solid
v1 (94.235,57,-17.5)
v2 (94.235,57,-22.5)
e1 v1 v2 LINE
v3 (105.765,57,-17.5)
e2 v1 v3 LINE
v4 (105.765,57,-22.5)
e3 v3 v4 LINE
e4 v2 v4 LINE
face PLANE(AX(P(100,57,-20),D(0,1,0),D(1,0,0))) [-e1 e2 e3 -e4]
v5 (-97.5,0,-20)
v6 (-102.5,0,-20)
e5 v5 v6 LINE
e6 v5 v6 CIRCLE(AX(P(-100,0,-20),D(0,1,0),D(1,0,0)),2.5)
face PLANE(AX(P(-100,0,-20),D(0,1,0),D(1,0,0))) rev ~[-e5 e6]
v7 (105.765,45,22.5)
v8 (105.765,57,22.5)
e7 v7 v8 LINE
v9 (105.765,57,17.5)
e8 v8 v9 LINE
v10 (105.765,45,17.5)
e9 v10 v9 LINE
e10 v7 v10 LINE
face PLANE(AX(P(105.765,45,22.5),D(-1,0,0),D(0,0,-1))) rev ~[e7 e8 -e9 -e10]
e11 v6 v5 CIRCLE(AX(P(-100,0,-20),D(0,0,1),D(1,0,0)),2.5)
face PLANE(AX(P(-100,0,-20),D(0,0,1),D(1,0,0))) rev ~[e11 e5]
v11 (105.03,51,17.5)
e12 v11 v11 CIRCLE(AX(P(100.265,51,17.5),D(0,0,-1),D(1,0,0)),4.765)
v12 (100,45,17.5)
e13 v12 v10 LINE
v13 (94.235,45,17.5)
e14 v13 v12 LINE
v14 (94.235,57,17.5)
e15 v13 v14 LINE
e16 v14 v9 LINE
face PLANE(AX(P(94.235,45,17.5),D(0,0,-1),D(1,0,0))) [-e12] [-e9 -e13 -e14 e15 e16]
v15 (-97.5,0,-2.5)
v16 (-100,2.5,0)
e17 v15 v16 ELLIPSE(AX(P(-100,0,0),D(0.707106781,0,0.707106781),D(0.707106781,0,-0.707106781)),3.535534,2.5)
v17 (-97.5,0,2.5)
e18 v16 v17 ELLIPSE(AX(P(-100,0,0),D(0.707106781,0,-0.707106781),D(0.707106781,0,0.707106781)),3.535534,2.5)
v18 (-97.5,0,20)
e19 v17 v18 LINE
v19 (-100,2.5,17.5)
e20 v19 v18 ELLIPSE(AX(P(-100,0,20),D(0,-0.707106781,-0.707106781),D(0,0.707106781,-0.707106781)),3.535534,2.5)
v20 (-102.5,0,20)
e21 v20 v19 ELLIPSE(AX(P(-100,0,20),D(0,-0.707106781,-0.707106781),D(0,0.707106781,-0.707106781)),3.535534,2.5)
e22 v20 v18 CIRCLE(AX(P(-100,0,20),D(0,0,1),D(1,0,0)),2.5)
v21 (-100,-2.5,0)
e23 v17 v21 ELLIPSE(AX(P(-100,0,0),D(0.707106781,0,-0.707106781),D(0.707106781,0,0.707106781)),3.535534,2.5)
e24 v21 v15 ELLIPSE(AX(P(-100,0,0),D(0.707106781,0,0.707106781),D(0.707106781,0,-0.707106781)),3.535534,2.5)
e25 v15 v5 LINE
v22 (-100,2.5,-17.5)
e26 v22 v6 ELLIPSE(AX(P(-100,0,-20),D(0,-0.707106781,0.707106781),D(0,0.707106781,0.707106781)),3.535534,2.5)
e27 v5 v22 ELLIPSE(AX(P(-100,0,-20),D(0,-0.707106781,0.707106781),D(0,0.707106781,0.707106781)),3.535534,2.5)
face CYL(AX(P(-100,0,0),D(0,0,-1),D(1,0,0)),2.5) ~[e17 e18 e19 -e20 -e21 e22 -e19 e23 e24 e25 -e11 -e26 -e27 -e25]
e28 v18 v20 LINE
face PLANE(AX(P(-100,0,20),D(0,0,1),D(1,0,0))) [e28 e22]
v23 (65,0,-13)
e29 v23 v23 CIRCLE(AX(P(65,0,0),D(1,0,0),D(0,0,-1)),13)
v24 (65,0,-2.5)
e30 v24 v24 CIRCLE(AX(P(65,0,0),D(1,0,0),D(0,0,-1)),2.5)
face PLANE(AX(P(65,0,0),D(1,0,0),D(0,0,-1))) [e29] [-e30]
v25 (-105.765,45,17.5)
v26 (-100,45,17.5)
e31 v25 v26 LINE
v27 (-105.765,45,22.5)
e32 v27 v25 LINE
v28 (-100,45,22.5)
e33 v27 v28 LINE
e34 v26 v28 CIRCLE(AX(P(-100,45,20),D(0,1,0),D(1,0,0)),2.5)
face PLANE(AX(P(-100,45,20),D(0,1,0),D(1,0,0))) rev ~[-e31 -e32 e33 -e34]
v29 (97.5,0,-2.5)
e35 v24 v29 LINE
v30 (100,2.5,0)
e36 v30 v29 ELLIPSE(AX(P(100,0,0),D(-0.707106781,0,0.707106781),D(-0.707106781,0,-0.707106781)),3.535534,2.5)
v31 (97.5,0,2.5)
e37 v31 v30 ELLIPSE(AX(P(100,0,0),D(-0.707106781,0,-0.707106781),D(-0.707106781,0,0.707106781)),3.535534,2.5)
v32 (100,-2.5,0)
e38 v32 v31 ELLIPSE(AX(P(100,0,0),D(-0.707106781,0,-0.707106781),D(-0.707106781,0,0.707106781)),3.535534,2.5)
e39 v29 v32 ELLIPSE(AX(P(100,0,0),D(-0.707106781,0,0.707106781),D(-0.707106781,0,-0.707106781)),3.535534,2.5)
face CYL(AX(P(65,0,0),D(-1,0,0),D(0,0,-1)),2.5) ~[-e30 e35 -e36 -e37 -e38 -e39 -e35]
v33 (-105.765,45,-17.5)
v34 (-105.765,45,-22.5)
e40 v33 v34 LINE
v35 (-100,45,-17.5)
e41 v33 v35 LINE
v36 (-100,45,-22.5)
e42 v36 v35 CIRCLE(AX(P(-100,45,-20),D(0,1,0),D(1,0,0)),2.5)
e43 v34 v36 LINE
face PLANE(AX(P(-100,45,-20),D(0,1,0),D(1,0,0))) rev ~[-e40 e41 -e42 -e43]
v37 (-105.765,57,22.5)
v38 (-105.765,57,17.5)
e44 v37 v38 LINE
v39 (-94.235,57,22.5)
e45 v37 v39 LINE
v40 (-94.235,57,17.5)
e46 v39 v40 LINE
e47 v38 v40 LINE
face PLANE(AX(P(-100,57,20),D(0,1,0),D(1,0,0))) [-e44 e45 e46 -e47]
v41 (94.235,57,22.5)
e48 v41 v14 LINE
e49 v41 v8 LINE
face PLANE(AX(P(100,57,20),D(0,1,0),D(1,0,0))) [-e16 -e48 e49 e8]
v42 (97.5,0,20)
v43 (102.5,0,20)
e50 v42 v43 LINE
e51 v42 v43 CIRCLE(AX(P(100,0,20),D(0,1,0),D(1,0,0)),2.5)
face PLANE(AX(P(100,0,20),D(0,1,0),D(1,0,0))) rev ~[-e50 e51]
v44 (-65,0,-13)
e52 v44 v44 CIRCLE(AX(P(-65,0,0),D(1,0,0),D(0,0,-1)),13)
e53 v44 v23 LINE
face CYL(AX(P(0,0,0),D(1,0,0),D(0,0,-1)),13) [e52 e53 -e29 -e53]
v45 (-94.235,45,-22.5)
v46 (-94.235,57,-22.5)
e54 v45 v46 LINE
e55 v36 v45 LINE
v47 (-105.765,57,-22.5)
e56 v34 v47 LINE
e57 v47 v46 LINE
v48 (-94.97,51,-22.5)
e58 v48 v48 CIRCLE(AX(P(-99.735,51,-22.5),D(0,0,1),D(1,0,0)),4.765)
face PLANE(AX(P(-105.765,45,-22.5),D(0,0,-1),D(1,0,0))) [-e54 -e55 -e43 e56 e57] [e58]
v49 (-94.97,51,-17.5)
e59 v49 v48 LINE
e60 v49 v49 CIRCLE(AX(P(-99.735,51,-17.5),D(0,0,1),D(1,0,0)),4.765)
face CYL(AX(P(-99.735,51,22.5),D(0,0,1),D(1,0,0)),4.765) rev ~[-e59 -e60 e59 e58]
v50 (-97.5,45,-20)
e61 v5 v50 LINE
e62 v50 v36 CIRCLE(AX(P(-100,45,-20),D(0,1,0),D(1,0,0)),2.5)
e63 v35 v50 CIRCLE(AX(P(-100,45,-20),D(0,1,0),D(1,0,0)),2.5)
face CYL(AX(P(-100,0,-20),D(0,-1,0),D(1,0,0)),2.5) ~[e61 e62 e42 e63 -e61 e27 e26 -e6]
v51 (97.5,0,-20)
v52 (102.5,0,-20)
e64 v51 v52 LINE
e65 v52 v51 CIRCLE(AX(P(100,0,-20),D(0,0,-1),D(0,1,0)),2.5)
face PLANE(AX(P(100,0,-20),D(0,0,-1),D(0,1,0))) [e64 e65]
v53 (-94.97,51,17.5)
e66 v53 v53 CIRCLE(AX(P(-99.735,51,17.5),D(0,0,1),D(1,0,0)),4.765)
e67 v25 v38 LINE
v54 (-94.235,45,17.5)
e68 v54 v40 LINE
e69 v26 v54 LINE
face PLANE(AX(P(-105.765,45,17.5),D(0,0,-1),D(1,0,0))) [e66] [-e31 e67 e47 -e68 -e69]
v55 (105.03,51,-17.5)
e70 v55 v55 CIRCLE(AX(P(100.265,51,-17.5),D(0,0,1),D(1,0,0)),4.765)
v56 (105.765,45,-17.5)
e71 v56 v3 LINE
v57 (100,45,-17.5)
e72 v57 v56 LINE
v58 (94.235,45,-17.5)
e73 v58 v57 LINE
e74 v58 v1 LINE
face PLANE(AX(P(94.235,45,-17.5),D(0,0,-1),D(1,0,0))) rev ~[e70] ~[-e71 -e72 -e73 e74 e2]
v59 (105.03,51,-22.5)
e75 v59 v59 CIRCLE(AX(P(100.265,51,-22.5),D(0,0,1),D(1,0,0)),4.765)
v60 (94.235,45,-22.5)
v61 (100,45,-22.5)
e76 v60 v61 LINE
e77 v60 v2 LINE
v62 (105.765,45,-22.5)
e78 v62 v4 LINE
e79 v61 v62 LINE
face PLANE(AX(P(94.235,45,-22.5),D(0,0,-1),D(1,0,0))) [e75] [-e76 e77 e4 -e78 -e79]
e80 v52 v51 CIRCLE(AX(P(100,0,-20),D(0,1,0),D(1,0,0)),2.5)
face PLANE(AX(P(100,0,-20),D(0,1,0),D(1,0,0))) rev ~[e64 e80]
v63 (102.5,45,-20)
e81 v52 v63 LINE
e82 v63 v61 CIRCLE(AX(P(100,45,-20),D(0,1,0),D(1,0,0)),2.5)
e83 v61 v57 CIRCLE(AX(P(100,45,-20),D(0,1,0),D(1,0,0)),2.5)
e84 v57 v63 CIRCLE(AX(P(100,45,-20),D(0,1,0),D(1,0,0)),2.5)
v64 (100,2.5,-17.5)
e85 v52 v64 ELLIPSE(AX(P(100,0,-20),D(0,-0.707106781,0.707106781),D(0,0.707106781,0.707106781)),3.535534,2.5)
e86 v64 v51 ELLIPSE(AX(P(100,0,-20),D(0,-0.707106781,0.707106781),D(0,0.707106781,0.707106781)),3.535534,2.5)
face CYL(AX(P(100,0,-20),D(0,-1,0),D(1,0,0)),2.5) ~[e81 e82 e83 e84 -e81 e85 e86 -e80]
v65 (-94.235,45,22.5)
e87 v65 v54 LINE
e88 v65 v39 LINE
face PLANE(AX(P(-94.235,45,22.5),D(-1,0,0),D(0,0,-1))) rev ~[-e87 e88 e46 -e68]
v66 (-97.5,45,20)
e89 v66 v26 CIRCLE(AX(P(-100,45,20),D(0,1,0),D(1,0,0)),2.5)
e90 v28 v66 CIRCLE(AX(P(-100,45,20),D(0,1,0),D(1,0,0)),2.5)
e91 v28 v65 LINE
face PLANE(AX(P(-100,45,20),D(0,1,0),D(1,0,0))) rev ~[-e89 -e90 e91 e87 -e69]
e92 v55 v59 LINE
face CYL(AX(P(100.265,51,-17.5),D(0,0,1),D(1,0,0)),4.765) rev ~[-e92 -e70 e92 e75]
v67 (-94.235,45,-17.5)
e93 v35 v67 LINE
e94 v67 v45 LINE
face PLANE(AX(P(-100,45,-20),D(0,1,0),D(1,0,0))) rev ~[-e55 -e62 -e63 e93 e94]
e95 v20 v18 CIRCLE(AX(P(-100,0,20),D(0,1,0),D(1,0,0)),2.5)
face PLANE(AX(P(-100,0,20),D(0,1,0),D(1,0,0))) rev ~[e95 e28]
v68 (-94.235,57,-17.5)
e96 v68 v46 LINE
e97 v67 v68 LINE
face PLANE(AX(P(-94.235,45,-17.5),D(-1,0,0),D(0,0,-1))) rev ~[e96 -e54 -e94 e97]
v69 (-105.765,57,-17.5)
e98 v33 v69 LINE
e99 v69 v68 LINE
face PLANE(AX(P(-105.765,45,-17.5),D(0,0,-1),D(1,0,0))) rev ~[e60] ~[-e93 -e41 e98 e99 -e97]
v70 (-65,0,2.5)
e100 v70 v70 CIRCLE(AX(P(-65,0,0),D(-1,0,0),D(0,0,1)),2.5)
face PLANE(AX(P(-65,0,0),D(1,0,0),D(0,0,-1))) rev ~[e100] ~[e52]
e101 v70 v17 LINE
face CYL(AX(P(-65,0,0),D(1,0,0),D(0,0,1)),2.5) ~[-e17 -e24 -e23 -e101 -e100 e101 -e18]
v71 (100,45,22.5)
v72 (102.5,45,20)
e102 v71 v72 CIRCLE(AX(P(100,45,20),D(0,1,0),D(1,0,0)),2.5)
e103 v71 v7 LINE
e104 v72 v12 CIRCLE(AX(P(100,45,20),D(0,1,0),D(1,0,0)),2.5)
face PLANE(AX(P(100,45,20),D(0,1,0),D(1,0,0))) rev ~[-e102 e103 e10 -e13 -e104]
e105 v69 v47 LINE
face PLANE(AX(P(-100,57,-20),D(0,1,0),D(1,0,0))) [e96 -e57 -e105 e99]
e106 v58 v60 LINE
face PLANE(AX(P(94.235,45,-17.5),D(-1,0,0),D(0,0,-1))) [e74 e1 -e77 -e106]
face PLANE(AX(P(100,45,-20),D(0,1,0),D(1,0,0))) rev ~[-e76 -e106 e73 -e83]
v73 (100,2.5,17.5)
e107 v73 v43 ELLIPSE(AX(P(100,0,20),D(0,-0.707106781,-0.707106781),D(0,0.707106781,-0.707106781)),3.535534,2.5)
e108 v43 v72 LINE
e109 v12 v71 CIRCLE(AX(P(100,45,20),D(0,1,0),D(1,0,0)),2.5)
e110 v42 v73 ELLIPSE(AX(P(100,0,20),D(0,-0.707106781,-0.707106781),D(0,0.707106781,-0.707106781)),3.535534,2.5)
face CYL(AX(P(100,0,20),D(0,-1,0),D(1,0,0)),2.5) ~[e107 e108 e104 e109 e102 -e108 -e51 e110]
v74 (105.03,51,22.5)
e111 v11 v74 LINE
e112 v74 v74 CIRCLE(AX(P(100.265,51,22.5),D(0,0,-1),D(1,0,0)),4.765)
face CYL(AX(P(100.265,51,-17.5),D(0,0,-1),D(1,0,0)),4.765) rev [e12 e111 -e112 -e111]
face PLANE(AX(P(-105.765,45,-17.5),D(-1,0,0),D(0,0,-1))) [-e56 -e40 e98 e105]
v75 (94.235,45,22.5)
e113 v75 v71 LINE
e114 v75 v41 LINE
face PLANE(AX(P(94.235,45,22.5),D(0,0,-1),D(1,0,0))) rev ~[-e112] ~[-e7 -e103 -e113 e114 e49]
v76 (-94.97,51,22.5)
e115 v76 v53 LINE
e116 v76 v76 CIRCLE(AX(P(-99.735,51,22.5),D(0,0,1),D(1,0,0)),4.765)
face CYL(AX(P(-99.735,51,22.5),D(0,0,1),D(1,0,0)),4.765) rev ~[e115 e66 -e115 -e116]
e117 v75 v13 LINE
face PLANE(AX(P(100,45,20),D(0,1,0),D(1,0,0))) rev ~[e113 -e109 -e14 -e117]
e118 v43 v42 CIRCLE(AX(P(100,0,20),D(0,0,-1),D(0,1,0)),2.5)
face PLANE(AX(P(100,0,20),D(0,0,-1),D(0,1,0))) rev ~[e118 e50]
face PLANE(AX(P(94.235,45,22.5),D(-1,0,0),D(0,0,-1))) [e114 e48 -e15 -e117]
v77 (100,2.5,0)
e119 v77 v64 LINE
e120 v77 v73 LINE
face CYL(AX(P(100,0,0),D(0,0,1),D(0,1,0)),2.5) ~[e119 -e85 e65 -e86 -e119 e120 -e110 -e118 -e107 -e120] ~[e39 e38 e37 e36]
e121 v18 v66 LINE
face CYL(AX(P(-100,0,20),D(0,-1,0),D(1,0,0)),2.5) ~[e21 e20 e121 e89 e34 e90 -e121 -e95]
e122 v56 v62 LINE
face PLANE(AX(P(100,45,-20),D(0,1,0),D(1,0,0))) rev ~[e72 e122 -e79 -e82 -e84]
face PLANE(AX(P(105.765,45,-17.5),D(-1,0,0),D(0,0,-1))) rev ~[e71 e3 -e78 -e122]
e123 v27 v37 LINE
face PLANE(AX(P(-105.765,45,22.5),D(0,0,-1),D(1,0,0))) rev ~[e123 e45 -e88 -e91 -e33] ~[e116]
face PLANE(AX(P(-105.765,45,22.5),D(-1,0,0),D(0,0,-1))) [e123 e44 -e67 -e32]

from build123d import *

# Parameters (mm, degrees)
BOSS_EXTRUDE1_DEPTH       = 65
BOSS_EXTRUDE1_DEPTH_BACK  = 65
SKETCH1_R                 = 13
SKETCH6_R                 = 2.5
BOSS_EXTRUDE5_DEPTH       = 35
BOSS_EXTRUDE6_START       = 35
SKETCH7_R                 = 2.5
BOSS_EXTRUDE6_DEPTH       = 35
BOSS_EXTRUDE7_DEPTH       = 20
BOSS_EXTRUDE7_DEPTH_BACK  = 20
SKETCH10_R                = 2.5
SKETCH11_R                = 2.5
BOSS_EXTRUDE8_DEPTH       = 45
SKETCH12_W                = 11.53
SKETCH12_H                = 5
BOSS_EXTRUDE9_DEPTH       = 12
CUT_EXTRUDE2_DEPTH        = 66
CUT_EXTRUDE2_DEPTH_BACK   = 12
SKETCH13_R                = 4.765
BOSS_EXTRUDE10_DEPTH      = 20
BOSS_EXTRUDE10_DEPTH_BACK = 20
SKETCH14_R                = 2.5
SKETCH15_R                = 2.5
BOSS_EXTRUDE11_DEPTH      = 45
SKETCH16_W                = 11.53
SKETCH16_H                = 5
BOSS_EXTRUDE12_DEPTH      = 12
CUT_EXTRUDE3_DEPTH        = 12
CUT_EXTRUDE3_DEPTH_BACK   = 51
SKETCH17_R                = 4.765


with BuildPart() as part:
    # Sketch1 → Boss-Extrude1 (new, two sides: drawn at the far end of the back side and taken through both)
    with BuildSketch(Plane(origin=(0, 0, 0), x_dir=(0, 0, -1), z_dir=(1, 0, 0)).offset(-BOSS_EXTRUDE1_DEPTH_BACK)):
        Circle(SKETCH1_R)
    extrude(amount=BOSS_EXTRUDE1_DEPTH + BOSS_EXTRUDE1_DEPTH_BACK)

    # Sketch6 → Boss-Extrude5 (add)
    with BuildSketch(Plane(origin=(65, 0, 0), x_dir=(0, 0, -1), z_dir=(1, 0, 0))):
        Circle(SKETCH6_R)
    extrude(amount=BOSS_EXTRUDE5_DEPTH)

    # Sketch7 → Boss-Extrude6 (add)
    with BuildSketch(Plane.ZY.offset(65).offset(BOSS_EXTRUDE6_START)):
        Circle(SKETCH7_R)
    extrude(amount=-BOSS_EXTRUDE6_DEPTH)

    # Sketch10 → Boss-Extrude7 (add, two sides: drawn at the far end of the back side and taken through both)
    with BuildSketch(Plane.YX.offset(-BOSS_EXTRUDE7_DEPTH_BACK)):
        with Locations((0, 100)):
            Circle(SKETCH10_R)
    extrude(amount=BOSS_EXTRUDE7_DEPTH + BOSS_EXTRUDE7_DEPTH_BACK)

    # Sketch11 → Boss-Extrude8 (add)
    with BuildSketch(Plane(origin=(0, 0, 0), x_dir=(1, 0, 0), z_dir=(0, 1, 0))):
        with Locations((100, -20)):
            Circle(SKETCH11_R)
        with Locations((100, 20)):
            Circle(SKETCH11_R)
    extrude(amount=BOSS_EXTRUDE8_DEPTH)

    # Sketch12 → Boss-Extrude9 (add)
    with BuildSketch(Plane(origin=(0, 45, 0), x_dir=(1, 0, 0), z_dir=(0, 1, 0))):
        with Locations((100, -20)):
            Rectangle(SKETCH12_W, SKETCH12_H)
        with Locations((100, 20)):
            Rectangle(SKETCH12_W, SKETCH12_H)
    extrude(amount=BOSS_EXTRUDE9_DEPTH)

    # Sketch13 → Cut-Extrude2 (cut, two sides: drawn at the far end of the back side and taken through both)
    with BuildSketch(Plane.XY.offset(-17.5).offset(-CUT_EXTRUDE2_DEPTH_BACK)):
        with Locations((100.265, 51)):
            Circle(SKETCH13_R)
    extrude(amount=CUT_EXTRUDE2_DEPTH + CUT_EXTRUDE2_DEPTH_BACK, mode=Mode.SUBTRACT)

    # Sketch14 → Boss-Extrude10 (add, two sides: drawn at the far end of the back side and taken through both)
    with BuildSketch(Plane.XY.offset(-BOSS_EXTRUDE10_DEPTH_BACK)):
        with Locations((-100, 0)):
            Circle(SKETCH14_R)
    extrude(amount=BOSS_EXTRUDE10_DEPTH + BOSS_EXTRUDE10_DEPTH_BACK)

    # Sketch15 → Boss-Extrude11 (add)
    with BuildSketch(Plane(origin=(0, 0, 0), x_dir=(1, 0, 0), z_dir=(0, 1, 0))):
        with Locations((-100, 20)):
            Circle(SKETCH15_R)
        with Locations((-100, -20)):
            Circle(SKETCH15_R)
    extrude(amount=BOSS_EXTRUDE11_DEPTH)

    # Sketch16 → Boss-Extrude12 (add)
    with BuildSketch(Plane(origin=(0, 45, 0), x_dir=(1, 0, 0), z_dir=(0, 1, 0))):
        with Locations((-100, -20)):
            Rectangle(SKETCH16_W, SKETCH16_H)
        with Locations((-100, 20)):
            Rectangle(SKETCH16_W, SKETCH16_H)
    extrude(amount=BOSS_EXTRUDE12_DEPTH)

    # Sketch17 → Cut-Extrude3 (cut, two sides: drawn at the far end of the back side and taken through both)
    with BuildSketch(Plane.XY.offset(22.5).offset(-CUT_EXTRUDE3_DEPTH_BACK)):
        with Locations((-99.735, 51)):
            Circle(SKETCH17_R)
    extrude(amount=CUT_EXTRUDE3_DEPTH + CUT_EXTRUDE3_DEPTH_BACK, mode=Mode.SUBTRACT)


solid = part.part
